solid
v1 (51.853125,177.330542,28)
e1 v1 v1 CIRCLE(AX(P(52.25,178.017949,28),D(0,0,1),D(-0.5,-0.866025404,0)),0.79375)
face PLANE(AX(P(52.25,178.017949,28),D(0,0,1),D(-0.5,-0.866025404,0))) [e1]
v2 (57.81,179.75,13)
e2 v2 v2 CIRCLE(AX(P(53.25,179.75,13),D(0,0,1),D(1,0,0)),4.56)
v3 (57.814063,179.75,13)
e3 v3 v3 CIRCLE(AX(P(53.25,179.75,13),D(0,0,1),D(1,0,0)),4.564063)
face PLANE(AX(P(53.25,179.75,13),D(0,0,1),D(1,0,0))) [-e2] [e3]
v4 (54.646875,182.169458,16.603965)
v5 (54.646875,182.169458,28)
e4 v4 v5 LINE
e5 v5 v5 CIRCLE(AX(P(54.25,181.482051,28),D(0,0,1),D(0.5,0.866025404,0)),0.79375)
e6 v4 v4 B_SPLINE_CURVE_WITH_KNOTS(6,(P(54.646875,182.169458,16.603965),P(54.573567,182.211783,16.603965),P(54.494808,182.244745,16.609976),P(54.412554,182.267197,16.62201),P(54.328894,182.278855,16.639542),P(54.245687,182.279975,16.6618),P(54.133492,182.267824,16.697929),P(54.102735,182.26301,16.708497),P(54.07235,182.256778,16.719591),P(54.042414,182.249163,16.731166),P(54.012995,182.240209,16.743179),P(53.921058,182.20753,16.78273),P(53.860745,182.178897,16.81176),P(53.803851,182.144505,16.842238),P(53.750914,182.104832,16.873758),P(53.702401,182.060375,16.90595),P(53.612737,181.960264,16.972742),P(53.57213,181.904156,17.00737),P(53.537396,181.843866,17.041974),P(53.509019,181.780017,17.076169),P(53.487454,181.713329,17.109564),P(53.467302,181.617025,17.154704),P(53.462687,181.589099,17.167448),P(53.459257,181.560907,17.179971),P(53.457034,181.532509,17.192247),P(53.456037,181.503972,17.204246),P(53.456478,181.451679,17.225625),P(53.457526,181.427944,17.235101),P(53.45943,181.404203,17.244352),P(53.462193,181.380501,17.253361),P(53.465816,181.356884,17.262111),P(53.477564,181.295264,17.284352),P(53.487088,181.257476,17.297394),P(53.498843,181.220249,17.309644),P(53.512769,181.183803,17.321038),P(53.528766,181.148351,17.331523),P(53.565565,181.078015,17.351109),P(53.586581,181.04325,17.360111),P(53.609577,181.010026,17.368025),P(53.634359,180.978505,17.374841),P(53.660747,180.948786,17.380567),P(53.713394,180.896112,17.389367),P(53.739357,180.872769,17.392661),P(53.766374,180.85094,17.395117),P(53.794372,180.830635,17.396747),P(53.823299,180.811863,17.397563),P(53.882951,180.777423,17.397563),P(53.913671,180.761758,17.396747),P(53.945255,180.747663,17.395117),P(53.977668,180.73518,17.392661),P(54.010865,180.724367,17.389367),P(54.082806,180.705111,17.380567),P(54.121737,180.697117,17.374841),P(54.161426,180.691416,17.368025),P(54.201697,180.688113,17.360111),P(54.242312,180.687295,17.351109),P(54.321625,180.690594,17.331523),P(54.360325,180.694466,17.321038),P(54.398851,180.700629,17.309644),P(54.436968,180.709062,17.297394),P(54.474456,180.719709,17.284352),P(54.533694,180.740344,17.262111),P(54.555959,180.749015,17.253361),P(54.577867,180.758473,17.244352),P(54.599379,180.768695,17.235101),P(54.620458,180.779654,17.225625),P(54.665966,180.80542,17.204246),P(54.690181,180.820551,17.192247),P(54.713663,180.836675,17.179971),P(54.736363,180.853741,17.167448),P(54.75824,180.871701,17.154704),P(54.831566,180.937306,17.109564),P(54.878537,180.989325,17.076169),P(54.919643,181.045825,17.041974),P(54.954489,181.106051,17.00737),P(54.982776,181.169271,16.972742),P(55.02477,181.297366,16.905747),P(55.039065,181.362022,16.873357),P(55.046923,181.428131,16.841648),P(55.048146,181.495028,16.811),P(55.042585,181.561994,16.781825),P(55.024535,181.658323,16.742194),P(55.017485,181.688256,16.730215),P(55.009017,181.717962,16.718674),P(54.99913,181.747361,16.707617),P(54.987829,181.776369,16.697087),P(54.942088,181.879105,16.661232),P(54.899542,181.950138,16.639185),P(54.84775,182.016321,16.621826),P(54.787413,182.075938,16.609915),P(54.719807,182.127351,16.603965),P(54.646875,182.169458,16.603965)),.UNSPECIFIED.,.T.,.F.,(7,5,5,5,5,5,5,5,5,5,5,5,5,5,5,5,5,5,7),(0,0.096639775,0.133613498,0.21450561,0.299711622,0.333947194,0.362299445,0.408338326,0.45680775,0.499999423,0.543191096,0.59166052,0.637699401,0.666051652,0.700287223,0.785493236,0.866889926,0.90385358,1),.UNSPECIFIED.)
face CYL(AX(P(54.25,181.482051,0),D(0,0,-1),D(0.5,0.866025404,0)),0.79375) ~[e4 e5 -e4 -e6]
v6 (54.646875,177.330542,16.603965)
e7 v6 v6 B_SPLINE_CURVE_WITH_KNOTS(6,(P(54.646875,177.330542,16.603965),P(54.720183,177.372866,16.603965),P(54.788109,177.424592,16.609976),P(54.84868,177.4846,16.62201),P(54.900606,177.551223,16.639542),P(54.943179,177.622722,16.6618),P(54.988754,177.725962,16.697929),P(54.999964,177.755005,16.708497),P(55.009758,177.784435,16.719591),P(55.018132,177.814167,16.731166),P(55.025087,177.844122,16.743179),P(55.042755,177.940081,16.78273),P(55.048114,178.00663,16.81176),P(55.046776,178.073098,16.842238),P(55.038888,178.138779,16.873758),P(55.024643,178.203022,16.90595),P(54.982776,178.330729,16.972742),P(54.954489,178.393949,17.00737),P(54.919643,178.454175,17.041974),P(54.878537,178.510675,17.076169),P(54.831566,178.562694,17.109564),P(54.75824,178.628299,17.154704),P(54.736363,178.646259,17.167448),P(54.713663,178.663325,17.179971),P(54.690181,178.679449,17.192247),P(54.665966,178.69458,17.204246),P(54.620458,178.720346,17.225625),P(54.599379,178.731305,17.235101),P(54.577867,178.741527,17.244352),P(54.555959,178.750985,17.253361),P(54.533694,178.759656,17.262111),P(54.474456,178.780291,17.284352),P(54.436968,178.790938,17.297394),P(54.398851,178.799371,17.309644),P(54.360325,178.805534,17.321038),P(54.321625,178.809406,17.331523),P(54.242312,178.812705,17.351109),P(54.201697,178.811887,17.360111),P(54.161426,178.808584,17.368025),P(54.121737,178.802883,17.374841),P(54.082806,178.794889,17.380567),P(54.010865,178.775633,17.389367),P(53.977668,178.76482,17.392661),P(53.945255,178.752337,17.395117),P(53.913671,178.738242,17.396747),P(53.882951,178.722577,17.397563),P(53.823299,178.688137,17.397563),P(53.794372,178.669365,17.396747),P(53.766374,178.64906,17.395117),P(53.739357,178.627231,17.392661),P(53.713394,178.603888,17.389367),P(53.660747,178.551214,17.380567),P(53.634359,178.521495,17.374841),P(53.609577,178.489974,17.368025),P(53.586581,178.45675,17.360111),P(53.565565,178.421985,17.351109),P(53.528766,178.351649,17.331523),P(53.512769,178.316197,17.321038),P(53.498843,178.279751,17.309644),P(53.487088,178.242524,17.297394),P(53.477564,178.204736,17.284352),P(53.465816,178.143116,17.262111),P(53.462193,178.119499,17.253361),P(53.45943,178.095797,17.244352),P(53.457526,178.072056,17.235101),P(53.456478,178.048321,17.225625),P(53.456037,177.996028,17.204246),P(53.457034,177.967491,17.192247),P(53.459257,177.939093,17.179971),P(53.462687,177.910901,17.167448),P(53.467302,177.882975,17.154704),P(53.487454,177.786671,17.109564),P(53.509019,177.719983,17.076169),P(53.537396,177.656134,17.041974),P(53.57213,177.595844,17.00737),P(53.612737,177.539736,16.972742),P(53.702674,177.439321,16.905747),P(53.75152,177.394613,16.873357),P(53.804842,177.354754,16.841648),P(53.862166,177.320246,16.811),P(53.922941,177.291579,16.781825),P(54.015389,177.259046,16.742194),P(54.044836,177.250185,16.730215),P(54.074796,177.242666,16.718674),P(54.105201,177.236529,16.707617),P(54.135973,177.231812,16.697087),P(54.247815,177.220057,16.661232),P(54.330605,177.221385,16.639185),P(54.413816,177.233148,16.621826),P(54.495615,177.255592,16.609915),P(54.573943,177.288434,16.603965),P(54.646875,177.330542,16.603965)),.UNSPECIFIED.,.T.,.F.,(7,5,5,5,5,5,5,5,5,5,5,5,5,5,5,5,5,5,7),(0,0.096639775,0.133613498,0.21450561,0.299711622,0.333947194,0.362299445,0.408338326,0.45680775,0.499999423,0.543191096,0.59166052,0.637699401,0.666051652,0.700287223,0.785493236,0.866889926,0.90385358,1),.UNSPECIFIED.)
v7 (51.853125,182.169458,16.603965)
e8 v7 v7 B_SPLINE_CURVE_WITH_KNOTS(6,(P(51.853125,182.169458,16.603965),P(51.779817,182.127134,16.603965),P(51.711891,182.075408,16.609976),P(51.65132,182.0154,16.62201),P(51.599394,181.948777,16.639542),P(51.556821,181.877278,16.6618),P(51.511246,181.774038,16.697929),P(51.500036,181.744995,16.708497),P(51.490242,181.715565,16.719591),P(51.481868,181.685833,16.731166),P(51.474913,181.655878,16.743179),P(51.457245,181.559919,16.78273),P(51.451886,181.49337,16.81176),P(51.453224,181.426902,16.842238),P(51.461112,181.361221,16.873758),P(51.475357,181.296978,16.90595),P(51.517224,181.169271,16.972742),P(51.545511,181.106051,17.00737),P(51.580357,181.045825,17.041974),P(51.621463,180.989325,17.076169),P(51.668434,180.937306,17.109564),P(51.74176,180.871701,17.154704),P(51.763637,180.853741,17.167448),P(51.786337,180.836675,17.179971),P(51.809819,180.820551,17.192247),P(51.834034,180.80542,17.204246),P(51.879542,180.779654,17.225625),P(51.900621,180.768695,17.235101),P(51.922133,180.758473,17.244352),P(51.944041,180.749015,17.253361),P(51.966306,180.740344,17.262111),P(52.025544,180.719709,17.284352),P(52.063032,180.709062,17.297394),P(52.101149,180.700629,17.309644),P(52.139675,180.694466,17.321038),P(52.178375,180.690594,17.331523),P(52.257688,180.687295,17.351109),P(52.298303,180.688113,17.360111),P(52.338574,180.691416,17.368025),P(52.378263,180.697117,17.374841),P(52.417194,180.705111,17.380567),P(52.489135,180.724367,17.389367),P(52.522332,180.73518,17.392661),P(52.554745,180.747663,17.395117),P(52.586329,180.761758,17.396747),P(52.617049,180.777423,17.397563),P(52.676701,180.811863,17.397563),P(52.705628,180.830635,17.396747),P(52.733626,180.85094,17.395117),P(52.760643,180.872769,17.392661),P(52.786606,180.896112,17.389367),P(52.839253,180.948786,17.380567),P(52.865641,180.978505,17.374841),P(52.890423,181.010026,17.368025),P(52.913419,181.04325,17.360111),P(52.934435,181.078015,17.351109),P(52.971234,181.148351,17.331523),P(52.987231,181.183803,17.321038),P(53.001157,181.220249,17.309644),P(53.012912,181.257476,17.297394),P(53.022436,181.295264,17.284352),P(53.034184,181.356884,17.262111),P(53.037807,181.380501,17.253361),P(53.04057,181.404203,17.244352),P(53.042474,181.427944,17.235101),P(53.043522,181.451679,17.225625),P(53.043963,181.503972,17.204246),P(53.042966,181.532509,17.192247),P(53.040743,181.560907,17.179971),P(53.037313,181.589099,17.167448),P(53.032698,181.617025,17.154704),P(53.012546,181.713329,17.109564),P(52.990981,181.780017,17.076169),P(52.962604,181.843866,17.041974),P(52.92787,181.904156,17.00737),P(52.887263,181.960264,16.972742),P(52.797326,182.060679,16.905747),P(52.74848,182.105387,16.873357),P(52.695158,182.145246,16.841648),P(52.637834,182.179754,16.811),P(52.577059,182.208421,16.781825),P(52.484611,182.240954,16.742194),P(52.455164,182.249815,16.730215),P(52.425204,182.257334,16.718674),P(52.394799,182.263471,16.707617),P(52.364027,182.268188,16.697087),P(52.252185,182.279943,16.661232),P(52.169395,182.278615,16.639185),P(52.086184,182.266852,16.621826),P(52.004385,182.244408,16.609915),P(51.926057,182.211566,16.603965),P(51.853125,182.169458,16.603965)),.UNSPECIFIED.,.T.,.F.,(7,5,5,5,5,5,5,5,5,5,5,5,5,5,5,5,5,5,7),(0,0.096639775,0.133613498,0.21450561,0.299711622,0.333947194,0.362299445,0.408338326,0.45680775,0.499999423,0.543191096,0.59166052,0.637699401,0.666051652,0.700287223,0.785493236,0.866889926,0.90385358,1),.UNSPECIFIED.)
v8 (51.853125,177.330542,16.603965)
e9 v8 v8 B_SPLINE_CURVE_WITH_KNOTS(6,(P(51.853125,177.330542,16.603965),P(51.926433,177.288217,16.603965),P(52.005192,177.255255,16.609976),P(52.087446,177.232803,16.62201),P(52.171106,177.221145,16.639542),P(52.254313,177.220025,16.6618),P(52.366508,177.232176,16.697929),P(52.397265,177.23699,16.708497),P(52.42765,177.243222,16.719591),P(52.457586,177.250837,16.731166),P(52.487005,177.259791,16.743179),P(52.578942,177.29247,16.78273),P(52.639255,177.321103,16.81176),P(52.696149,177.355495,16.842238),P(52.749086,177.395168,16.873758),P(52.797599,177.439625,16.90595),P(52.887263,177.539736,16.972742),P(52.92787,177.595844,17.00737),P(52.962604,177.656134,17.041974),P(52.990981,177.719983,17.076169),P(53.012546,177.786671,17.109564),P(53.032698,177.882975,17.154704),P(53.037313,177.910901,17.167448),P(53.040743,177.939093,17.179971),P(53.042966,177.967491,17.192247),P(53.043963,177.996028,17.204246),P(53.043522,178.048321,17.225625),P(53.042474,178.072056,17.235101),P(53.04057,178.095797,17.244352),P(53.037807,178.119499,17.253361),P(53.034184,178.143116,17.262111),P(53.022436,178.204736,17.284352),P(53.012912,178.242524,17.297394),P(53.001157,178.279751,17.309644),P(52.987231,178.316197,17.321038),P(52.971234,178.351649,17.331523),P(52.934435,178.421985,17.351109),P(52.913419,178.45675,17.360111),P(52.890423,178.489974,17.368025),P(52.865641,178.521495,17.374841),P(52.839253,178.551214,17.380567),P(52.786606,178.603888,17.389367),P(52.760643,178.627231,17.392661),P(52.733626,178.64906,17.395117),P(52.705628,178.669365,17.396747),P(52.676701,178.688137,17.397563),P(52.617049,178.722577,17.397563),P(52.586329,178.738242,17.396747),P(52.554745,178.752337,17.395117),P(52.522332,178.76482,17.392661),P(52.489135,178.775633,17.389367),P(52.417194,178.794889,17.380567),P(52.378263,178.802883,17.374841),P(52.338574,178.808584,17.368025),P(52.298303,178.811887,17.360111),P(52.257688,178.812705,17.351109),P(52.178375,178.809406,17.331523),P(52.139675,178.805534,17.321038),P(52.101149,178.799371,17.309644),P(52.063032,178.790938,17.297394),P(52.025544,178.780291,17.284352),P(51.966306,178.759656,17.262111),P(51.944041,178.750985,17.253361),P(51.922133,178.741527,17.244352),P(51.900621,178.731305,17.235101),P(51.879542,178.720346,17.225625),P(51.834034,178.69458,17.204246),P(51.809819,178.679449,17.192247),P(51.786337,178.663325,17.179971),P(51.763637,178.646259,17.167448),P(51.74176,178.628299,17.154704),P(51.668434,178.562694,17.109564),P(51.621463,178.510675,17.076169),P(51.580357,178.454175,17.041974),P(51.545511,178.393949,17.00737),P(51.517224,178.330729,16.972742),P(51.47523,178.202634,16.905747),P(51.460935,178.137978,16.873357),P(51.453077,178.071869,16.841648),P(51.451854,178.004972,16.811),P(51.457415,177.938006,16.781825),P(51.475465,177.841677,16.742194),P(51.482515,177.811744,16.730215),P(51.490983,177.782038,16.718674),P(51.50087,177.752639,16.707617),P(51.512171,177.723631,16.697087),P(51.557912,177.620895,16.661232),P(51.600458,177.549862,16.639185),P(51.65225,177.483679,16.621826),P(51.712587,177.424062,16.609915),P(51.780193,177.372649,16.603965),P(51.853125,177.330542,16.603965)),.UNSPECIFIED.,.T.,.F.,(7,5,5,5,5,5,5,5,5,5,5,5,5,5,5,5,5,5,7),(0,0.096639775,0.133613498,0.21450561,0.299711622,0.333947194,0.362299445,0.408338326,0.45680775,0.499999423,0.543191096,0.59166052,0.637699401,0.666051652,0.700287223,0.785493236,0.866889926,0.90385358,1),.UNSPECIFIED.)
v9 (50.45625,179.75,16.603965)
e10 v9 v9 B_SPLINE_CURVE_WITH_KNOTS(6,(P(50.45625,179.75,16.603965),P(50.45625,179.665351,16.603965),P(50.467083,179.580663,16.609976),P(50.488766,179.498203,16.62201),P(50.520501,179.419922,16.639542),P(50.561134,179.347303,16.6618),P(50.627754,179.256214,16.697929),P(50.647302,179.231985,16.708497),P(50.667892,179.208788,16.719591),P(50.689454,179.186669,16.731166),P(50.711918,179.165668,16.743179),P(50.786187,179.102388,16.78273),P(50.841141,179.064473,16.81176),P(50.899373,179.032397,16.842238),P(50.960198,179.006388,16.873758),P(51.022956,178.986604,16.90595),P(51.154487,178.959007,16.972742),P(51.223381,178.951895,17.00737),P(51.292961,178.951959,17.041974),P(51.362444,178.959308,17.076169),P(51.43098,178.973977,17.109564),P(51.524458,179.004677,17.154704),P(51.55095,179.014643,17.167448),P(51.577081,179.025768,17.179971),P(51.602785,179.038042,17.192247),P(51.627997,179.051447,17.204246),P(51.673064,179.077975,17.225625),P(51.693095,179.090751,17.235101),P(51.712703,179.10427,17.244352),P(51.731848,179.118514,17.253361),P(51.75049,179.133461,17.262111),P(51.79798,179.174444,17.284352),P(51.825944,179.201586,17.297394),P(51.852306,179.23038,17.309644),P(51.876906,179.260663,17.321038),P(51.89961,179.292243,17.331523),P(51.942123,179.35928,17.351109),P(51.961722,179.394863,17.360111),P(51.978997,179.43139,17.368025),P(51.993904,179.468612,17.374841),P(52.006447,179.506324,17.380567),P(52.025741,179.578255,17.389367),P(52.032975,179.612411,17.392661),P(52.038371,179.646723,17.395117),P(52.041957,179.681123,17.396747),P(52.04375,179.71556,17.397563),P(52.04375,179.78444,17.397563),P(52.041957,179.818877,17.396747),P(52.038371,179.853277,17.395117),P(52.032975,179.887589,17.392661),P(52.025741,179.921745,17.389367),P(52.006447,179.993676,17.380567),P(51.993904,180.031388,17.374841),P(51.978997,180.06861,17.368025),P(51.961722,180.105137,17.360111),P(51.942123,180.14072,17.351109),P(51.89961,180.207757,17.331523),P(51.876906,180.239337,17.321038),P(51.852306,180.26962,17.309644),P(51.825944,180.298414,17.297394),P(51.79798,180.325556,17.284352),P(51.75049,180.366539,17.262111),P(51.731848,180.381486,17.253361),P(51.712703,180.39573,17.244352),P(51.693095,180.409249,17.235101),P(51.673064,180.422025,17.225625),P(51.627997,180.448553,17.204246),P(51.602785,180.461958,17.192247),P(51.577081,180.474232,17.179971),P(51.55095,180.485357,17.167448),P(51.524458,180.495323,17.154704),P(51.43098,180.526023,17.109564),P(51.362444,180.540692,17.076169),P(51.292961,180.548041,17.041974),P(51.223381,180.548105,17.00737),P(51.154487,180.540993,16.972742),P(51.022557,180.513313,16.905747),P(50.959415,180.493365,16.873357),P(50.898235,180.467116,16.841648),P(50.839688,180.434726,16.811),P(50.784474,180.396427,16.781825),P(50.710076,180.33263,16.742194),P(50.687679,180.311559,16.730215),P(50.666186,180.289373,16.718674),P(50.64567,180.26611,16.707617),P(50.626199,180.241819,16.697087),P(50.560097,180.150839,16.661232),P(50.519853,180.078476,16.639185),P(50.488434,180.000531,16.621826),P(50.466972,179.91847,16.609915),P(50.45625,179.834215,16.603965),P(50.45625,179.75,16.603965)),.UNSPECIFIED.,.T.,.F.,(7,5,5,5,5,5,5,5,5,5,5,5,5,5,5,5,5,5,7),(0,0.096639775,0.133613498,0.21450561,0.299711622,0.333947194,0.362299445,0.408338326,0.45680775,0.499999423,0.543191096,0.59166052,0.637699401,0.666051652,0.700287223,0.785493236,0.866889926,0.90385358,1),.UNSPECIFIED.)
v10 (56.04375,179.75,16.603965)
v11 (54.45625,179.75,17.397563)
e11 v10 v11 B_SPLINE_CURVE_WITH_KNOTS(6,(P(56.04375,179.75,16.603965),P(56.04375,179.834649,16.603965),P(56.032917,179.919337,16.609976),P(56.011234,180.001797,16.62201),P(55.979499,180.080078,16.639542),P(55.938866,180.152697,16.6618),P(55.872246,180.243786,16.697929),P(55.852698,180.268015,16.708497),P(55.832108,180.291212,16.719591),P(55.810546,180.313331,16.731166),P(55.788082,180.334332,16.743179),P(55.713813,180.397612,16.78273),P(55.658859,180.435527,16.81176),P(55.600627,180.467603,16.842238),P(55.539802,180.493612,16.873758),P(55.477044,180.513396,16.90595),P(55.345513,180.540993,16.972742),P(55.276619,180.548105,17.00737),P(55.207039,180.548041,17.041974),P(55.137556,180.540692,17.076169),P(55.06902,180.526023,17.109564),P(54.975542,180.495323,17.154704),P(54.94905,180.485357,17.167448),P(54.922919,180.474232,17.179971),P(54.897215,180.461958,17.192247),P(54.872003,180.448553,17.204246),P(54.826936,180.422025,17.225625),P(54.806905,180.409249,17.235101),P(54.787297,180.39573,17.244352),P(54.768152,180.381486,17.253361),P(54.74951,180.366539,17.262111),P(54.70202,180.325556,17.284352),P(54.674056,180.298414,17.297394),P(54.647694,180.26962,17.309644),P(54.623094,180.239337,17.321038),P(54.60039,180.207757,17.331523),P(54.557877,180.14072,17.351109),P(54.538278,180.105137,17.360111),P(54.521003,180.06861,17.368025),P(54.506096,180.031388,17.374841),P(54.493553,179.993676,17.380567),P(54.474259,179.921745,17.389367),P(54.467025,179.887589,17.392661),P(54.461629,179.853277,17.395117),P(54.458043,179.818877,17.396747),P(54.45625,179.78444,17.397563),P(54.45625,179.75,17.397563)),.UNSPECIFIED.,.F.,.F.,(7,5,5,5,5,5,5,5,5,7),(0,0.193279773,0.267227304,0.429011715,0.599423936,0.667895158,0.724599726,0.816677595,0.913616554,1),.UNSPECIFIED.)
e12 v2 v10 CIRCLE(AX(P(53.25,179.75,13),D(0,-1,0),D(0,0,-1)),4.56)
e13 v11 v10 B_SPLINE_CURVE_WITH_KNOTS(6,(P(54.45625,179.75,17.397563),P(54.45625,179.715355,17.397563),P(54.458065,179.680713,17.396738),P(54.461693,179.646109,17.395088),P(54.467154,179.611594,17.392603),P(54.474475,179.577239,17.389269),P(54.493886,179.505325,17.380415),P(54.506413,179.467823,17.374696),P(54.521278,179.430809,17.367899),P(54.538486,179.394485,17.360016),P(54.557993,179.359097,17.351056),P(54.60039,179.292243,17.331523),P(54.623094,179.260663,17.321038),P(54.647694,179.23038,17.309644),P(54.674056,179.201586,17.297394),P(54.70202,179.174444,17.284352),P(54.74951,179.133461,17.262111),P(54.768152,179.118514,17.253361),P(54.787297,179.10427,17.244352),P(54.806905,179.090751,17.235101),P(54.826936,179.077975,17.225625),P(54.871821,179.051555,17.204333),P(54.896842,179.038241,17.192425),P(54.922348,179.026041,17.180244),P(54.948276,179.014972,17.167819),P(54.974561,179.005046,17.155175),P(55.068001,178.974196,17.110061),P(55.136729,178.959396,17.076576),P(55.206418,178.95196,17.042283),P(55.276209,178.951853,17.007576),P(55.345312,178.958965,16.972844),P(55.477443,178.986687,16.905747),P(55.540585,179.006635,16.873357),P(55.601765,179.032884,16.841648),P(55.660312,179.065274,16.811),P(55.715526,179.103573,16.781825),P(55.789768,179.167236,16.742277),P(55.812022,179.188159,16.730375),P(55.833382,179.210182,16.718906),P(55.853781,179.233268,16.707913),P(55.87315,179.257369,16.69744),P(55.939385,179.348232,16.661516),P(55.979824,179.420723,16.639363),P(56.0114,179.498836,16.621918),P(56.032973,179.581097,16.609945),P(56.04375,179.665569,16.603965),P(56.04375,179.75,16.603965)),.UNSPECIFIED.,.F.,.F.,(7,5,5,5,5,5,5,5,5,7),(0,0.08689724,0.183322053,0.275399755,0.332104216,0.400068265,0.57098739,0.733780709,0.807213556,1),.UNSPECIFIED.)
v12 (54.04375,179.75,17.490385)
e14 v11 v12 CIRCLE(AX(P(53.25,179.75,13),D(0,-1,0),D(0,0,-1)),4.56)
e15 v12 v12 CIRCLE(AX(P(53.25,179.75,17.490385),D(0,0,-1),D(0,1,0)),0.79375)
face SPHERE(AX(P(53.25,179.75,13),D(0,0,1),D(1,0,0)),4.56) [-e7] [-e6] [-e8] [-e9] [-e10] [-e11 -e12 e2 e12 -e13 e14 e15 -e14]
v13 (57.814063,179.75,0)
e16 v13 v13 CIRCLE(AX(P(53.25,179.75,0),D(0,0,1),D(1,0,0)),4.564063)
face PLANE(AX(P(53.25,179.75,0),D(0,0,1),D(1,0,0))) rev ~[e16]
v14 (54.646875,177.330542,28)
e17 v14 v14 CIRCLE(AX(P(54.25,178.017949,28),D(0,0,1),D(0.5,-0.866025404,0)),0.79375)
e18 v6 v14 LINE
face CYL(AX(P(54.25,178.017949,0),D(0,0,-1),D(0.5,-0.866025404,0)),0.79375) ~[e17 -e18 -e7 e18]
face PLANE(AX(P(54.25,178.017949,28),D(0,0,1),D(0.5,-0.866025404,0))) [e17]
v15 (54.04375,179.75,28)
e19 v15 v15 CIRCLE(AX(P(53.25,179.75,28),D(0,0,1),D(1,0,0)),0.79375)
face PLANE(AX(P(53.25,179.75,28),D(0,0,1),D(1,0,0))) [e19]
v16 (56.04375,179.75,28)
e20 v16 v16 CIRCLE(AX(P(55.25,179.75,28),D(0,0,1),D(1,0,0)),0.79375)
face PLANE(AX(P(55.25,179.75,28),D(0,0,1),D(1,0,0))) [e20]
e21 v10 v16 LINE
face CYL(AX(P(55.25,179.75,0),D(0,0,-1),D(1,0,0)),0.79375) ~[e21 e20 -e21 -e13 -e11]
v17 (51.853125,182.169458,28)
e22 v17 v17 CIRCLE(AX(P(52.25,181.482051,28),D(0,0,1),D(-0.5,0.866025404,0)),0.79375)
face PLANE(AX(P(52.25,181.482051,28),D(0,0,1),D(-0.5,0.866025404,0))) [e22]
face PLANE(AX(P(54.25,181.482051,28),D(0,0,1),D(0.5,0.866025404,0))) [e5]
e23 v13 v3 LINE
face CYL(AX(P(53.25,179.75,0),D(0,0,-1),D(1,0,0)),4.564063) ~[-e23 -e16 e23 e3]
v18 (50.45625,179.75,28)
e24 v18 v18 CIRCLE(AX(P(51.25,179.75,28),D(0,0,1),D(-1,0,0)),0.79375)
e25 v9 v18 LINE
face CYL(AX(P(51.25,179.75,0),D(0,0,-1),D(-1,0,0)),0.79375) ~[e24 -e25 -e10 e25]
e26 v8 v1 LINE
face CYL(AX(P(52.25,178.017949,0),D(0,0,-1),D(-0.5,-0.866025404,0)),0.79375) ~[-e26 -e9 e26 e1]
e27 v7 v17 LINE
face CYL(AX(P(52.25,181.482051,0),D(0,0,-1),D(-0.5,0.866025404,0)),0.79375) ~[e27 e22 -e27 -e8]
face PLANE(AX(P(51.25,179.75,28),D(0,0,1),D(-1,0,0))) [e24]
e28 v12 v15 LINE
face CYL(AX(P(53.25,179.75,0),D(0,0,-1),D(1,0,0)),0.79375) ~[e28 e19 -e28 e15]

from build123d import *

# Parameters (mm, degrees)
CYLINDER054_R     = 0.79375
CYLINDER054_DEPTH = 28
ARRAY001_COUNT    = 6
CYLINDER056_R     = 0.79375
CYLINDER056_DEPTH = 28
CYLINDER049_R     = 4.564063
CYLINDER049_DEPTH = 13


with BuildPart() as array001:
    # Cylinder054 → Cylinder054 (new body)
    with BuildSketch(Plane(origin=(2, 0, 0), x_dir=(1, 0, 0), z_dir=(0, 0, 1))):
        Circle(CYLINDER054_R)
    extrude(amount=CYLINDER054_DEPTH)

    # Array001: Array001 ×6 about axis
    array001_axis = Axis((0, 0, 0), (0, 0, 1))


with BuildPart() as array001_1:
    add(array001.part)
    for i in range(1, ARRAY001_COUNT):
        add(array001.part.rotate(array001_axis, i * 360 / ARRAY001_COUNT))


with BuildPart() as wireft_holes:
    # Cylinder056 → Cylinder056 (new body)
    with BuildSketch(Plane.XY):
        Circle(CYLINDER056_R)
    extrude(amount=CYLINDER056_DEPTH)

    # Fusion020: union Array001
    add(array001_1.part)


with BuildPart() as wireft1:
    # Cylinder049 → Cylinder049 (new body)
    with BuildSketch(Plane.XY):
        Circle(CYLINDER049_R)
    extrude(amount=CYLINDER049_DEPTH)


with BuildPart() as wireft:
    # Sphere → Sphere (revolve)
    with BuildSketch(Plane(origin=(0, 0, 13), x_dir=(1, 0, 0), z_dir=(0, -1, 0))):
        with BuildLine():
            ThreePointArc((0, -4.56), (4.56, 0), (0, 4.56))
            Line((0, 4.56), (0, -4.56))
        make_face()
    revolve(axis=Axis((0, 0, 13), (0, 0, 1)))

    # Fusion024: union WireFT_Holes, WireFT1
    add(wireft_holes.part)
    add(wireft1.part)


with BuildPart() as wireft_1:
    # Fusion024 placement: moved
    add(wireft.part.moved(Location((53.25, 179.75, 0))))


solid = wireft_1.part
